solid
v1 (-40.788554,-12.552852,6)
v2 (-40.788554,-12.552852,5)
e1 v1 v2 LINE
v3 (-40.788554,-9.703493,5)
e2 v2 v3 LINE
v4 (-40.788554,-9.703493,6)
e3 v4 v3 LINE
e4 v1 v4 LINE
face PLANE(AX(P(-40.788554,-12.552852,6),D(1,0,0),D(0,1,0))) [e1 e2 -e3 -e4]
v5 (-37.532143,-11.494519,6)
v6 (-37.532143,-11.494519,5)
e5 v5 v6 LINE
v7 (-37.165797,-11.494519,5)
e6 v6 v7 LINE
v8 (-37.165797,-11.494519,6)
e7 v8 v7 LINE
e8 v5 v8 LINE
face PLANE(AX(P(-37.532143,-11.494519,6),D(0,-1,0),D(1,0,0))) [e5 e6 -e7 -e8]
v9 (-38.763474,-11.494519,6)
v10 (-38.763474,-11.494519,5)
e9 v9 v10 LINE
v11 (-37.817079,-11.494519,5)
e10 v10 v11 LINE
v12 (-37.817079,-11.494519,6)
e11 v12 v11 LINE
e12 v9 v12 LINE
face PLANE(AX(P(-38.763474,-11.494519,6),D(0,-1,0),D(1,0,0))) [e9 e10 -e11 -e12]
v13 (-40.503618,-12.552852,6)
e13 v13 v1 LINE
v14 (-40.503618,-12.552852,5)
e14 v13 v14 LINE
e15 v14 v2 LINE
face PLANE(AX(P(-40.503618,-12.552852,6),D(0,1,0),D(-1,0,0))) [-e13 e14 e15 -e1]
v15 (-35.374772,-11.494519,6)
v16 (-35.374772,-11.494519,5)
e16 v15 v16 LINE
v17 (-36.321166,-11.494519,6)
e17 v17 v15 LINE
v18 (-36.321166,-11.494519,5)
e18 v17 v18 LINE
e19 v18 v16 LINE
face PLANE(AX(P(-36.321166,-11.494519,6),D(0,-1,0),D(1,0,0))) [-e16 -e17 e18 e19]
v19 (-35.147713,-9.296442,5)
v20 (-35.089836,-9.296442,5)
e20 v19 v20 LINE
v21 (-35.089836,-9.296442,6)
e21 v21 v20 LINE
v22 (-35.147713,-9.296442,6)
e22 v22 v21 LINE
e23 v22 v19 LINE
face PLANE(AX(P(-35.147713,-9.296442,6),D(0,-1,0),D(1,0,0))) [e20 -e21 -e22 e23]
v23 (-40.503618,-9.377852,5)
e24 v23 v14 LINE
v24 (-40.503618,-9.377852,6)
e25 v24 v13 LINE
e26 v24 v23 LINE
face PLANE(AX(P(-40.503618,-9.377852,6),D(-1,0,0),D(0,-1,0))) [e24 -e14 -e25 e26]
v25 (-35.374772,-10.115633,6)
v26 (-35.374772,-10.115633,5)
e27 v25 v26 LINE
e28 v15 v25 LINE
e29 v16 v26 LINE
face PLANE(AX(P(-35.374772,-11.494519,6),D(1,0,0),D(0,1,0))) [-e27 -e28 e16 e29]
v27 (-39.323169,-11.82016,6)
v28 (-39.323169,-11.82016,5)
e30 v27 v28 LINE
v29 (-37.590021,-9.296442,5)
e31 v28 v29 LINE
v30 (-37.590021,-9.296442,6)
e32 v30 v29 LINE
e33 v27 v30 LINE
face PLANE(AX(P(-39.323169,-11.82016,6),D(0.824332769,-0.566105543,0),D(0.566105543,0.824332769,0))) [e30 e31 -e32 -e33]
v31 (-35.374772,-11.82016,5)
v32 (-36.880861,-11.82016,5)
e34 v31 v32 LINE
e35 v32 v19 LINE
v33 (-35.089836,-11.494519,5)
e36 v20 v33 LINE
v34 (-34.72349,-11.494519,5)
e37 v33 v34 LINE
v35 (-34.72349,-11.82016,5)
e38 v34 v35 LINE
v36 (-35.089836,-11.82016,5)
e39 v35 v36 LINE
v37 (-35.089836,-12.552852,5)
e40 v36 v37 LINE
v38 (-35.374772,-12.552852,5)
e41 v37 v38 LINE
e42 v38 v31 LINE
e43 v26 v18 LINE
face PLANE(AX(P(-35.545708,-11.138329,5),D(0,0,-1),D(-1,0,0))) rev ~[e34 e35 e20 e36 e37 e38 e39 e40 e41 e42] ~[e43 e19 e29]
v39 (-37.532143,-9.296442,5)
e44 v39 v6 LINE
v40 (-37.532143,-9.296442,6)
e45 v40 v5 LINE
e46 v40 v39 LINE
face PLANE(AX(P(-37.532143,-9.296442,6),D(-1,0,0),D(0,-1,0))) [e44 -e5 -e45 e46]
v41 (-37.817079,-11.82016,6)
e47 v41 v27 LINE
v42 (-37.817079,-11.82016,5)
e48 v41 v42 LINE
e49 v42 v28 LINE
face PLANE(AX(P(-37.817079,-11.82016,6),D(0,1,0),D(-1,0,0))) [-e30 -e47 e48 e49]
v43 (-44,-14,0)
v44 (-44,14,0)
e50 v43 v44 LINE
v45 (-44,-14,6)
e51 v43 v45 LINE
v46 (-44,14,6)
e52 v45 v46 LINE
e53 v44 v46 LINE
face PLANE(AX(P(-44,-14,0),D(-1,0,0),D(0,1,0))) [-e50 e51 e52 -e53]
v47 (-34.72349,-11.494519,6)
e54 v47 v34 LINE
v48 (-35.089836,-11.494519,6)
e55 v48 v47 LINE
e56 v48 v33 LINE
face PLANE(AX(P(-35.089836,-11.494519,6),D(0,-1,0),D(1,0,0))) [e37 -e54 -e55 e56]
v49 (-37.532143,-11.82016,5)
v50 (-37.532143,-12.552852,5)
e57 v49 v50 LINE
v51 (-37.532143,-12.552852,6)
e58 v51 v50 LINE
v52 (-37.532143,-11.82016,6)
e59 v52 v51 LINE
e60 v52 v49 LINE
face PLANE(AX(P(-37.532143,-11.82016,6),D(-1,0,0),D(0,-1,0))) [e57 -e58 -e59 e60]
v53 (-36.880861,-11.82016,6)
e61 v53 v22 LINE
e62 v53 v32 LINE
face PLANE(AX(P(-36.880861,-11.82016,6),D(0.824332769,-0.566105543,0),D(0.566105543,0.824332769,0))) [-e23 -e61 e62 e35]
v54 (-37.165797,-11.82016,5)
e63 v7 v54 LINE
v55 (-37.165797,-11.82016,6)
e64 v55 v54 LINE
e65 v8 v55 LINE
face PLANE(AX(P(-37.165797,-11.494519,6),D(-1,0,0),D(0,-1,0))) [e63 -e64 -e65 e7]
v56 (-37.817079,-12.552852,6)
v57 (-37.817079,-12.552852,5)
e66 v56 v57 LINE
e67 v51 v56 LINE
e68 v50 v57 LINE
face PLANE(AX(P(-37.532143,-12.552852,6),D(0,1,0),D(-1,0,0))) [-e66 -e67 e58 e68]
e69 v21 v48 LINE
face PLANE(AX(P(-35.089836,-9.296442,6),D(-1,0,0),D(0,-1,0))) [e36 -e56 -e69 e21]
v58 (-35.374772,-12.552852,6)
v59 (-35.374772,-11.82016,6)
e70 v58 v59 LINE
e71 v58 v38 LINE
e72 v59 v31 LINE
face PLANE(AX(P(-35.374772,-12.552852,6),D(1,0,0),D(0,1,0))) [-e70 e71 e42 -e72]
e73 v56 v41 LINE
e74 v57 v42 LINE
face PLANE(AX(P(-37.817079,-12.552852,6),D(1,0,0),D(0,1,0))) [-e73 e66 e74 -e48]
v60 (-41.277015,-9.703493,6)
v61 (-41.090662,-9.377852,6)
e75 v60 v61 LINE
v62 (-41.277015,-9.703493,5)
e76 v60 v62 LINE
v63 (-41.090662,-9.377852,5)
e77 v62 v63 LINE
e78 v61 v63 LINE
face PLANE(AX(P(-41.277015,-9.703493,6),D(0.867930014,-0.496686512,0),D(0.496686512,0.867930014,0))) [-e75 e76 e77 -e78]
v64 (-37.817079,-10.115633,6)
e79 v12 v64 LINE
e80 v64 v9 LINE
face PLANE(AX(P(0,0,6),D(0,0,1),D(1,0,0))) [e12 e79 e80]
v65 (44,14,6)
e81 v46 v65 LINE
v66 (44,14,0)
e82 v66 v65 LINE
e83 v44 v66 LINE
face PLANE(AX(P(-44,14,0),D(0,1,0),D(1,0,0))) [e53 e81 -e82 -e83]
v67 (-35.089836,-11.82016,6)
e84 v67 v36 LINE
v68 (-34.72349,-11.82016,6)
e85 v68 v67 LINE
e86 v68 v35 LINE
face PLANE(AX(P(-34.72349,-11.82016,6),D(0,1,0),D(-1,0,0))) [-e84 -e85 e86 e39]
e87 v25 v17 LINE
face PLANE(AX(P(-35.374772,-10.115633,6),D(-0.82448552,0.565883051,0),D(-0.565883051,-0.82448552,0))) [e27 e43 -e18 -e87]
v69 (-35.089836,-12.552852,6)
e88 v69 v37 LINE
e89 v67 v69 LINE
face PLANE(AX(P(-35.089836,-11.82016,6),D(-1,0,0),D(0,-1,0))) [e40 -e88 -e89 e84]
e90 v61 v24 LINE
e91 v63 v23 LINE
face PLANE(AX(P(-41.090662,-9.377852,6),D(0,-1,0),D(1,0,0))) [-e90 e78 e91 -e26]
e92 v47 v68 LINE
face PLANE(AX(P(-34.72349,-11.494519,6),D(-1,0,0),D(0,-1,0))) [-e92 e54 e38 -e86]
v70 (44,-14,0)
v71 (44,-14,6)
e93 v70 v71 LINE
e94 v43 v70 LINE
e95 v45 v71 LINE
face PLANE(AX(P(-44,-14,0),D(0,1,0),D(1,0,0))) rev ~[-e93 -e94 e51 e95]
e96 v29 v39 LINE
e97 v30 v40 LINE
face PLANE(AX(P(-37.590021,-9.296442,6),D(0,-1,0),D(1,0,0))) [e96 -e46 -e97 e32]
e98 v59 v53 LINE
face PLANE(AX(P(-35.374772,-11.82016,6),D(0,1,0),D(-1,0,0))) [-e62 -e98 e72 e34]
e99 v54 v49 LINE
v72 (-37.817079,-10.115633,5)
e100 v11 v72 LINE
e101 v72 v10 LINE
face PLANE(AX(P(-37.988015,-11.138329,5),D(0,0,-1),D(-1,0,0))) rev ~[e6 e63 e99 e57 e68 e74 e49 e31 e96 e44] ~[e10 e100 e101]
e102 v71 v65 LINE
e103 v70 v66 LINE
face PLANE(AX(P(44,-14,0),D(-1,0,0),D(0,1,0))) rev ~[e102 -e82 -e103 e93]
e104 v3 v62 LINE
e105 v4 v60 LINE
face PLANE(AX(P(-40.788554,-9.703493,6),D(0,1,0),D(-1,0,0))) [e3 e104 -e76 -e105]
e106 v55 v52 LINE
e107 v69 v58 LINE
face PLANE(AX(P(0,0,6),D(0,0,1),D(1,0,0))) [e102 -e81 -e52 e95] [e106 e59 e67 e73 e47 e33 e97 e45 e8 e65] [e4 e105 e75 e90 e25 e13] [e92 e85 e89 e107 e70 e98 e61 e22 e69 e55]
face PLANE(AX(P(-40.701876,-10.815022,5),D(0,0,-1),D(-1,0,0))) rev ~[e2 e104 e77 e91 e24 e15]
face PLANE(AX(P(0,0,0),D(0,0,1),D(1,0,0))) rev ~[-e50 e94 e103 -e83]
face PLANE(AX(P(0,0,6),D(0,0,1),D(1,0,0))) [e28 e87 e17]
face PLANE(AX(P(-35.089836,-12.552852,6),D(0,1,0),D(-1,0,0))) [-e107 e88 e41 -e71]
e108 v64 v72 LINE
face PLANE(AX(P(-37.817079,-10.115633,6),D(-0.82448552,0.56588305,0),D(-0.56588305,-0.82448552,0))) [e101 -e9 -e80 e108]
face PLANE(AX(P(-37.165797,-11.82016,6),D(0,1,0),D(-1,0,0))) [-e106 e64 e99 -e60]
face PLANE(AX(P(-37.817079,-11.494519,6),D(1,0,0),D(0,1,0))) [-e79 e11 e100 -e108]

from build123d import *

# Parameters (mm, degrees)
SKETCH1_W           = 88
SKETCH1_H           = 28
BOSS_EXTRUDE1_DEPTH = 6
CUT_EXTRUDE1_DEPTH  = 1


with BuildPart() as part:
    # Sketch1 → Boss-Extrude1 (new body)
    with BuildSketch(Plane.XY):
        Rectangle(SKETCH1_W, SKETCH1_H)
    extrude(amount=BOSS_EXTRUDE1_DEPTH)

    # Sketch2 → Cut-Extrude1 (cut)
    # profile 1 of 3: a face of its own
    with BuildSketch(Plane.XY.offset(6)):
        Polygon((-41.090662112, -9.37785215), (-40.503617841, -9.37785215), (-40.503617841, -12.55285215), (-40.788553739, -12.55285215), (-40.788553739, -9.703493175), (-41.277015277, -9.703493175), align=None)
    # profile 2 of 3: a face of its own
    with BuildSketch(Plane.XY.offset(6)):
        Polygon((-37.590021086, -9.296441893), (-37.532143482, -9.296441893), (-37.532143482, -11.494518816), (-37.165797328, -11.494518816), (-37.165797328, -11.820159842), (-37.532143482, -11.820159842), (-37.532143482, -12.55285215), (-37.81707938, -12.55285215), (-37.81707938, -11.820159842), (-39.323169123, -11.820159842), align=None)
        Polygon((-37.81707938, -11.494518816), (-37.81707938, -10.115632598), (-38.76347361, -11.494518816), align=None, mode=Mode.SUBTRACT)
    # profile 3 of 3: a face of its own
    with BuildSketch(Plane.XY.offset(6)):
        Polygon((-35.147713394, -9.296441893), (-35.08983579, -9.296441893), (-35.08983579, -11.494518816), (-34.723489636, -11.494518816), (-34.723489636, -11.820159842), (-35.08983579, -11.820159842), (-35.08983579, -12.55285215), (-35.374771687, -12.55285215), (-35.374771687, -11.820159842), (-36.880861431, -11.820159842), align=None)
        Polygon((-35.374771687, -11.494518816), (-35.374771687, -10.115632598), (-36.321165918, -11.494518816), align=None, mode=Mode.SUBTRACT)
    extrude(amount=-CUT_EXTRUDE1_DEPTH, mode=Mode.SUBTRACT)


solid = part.part
